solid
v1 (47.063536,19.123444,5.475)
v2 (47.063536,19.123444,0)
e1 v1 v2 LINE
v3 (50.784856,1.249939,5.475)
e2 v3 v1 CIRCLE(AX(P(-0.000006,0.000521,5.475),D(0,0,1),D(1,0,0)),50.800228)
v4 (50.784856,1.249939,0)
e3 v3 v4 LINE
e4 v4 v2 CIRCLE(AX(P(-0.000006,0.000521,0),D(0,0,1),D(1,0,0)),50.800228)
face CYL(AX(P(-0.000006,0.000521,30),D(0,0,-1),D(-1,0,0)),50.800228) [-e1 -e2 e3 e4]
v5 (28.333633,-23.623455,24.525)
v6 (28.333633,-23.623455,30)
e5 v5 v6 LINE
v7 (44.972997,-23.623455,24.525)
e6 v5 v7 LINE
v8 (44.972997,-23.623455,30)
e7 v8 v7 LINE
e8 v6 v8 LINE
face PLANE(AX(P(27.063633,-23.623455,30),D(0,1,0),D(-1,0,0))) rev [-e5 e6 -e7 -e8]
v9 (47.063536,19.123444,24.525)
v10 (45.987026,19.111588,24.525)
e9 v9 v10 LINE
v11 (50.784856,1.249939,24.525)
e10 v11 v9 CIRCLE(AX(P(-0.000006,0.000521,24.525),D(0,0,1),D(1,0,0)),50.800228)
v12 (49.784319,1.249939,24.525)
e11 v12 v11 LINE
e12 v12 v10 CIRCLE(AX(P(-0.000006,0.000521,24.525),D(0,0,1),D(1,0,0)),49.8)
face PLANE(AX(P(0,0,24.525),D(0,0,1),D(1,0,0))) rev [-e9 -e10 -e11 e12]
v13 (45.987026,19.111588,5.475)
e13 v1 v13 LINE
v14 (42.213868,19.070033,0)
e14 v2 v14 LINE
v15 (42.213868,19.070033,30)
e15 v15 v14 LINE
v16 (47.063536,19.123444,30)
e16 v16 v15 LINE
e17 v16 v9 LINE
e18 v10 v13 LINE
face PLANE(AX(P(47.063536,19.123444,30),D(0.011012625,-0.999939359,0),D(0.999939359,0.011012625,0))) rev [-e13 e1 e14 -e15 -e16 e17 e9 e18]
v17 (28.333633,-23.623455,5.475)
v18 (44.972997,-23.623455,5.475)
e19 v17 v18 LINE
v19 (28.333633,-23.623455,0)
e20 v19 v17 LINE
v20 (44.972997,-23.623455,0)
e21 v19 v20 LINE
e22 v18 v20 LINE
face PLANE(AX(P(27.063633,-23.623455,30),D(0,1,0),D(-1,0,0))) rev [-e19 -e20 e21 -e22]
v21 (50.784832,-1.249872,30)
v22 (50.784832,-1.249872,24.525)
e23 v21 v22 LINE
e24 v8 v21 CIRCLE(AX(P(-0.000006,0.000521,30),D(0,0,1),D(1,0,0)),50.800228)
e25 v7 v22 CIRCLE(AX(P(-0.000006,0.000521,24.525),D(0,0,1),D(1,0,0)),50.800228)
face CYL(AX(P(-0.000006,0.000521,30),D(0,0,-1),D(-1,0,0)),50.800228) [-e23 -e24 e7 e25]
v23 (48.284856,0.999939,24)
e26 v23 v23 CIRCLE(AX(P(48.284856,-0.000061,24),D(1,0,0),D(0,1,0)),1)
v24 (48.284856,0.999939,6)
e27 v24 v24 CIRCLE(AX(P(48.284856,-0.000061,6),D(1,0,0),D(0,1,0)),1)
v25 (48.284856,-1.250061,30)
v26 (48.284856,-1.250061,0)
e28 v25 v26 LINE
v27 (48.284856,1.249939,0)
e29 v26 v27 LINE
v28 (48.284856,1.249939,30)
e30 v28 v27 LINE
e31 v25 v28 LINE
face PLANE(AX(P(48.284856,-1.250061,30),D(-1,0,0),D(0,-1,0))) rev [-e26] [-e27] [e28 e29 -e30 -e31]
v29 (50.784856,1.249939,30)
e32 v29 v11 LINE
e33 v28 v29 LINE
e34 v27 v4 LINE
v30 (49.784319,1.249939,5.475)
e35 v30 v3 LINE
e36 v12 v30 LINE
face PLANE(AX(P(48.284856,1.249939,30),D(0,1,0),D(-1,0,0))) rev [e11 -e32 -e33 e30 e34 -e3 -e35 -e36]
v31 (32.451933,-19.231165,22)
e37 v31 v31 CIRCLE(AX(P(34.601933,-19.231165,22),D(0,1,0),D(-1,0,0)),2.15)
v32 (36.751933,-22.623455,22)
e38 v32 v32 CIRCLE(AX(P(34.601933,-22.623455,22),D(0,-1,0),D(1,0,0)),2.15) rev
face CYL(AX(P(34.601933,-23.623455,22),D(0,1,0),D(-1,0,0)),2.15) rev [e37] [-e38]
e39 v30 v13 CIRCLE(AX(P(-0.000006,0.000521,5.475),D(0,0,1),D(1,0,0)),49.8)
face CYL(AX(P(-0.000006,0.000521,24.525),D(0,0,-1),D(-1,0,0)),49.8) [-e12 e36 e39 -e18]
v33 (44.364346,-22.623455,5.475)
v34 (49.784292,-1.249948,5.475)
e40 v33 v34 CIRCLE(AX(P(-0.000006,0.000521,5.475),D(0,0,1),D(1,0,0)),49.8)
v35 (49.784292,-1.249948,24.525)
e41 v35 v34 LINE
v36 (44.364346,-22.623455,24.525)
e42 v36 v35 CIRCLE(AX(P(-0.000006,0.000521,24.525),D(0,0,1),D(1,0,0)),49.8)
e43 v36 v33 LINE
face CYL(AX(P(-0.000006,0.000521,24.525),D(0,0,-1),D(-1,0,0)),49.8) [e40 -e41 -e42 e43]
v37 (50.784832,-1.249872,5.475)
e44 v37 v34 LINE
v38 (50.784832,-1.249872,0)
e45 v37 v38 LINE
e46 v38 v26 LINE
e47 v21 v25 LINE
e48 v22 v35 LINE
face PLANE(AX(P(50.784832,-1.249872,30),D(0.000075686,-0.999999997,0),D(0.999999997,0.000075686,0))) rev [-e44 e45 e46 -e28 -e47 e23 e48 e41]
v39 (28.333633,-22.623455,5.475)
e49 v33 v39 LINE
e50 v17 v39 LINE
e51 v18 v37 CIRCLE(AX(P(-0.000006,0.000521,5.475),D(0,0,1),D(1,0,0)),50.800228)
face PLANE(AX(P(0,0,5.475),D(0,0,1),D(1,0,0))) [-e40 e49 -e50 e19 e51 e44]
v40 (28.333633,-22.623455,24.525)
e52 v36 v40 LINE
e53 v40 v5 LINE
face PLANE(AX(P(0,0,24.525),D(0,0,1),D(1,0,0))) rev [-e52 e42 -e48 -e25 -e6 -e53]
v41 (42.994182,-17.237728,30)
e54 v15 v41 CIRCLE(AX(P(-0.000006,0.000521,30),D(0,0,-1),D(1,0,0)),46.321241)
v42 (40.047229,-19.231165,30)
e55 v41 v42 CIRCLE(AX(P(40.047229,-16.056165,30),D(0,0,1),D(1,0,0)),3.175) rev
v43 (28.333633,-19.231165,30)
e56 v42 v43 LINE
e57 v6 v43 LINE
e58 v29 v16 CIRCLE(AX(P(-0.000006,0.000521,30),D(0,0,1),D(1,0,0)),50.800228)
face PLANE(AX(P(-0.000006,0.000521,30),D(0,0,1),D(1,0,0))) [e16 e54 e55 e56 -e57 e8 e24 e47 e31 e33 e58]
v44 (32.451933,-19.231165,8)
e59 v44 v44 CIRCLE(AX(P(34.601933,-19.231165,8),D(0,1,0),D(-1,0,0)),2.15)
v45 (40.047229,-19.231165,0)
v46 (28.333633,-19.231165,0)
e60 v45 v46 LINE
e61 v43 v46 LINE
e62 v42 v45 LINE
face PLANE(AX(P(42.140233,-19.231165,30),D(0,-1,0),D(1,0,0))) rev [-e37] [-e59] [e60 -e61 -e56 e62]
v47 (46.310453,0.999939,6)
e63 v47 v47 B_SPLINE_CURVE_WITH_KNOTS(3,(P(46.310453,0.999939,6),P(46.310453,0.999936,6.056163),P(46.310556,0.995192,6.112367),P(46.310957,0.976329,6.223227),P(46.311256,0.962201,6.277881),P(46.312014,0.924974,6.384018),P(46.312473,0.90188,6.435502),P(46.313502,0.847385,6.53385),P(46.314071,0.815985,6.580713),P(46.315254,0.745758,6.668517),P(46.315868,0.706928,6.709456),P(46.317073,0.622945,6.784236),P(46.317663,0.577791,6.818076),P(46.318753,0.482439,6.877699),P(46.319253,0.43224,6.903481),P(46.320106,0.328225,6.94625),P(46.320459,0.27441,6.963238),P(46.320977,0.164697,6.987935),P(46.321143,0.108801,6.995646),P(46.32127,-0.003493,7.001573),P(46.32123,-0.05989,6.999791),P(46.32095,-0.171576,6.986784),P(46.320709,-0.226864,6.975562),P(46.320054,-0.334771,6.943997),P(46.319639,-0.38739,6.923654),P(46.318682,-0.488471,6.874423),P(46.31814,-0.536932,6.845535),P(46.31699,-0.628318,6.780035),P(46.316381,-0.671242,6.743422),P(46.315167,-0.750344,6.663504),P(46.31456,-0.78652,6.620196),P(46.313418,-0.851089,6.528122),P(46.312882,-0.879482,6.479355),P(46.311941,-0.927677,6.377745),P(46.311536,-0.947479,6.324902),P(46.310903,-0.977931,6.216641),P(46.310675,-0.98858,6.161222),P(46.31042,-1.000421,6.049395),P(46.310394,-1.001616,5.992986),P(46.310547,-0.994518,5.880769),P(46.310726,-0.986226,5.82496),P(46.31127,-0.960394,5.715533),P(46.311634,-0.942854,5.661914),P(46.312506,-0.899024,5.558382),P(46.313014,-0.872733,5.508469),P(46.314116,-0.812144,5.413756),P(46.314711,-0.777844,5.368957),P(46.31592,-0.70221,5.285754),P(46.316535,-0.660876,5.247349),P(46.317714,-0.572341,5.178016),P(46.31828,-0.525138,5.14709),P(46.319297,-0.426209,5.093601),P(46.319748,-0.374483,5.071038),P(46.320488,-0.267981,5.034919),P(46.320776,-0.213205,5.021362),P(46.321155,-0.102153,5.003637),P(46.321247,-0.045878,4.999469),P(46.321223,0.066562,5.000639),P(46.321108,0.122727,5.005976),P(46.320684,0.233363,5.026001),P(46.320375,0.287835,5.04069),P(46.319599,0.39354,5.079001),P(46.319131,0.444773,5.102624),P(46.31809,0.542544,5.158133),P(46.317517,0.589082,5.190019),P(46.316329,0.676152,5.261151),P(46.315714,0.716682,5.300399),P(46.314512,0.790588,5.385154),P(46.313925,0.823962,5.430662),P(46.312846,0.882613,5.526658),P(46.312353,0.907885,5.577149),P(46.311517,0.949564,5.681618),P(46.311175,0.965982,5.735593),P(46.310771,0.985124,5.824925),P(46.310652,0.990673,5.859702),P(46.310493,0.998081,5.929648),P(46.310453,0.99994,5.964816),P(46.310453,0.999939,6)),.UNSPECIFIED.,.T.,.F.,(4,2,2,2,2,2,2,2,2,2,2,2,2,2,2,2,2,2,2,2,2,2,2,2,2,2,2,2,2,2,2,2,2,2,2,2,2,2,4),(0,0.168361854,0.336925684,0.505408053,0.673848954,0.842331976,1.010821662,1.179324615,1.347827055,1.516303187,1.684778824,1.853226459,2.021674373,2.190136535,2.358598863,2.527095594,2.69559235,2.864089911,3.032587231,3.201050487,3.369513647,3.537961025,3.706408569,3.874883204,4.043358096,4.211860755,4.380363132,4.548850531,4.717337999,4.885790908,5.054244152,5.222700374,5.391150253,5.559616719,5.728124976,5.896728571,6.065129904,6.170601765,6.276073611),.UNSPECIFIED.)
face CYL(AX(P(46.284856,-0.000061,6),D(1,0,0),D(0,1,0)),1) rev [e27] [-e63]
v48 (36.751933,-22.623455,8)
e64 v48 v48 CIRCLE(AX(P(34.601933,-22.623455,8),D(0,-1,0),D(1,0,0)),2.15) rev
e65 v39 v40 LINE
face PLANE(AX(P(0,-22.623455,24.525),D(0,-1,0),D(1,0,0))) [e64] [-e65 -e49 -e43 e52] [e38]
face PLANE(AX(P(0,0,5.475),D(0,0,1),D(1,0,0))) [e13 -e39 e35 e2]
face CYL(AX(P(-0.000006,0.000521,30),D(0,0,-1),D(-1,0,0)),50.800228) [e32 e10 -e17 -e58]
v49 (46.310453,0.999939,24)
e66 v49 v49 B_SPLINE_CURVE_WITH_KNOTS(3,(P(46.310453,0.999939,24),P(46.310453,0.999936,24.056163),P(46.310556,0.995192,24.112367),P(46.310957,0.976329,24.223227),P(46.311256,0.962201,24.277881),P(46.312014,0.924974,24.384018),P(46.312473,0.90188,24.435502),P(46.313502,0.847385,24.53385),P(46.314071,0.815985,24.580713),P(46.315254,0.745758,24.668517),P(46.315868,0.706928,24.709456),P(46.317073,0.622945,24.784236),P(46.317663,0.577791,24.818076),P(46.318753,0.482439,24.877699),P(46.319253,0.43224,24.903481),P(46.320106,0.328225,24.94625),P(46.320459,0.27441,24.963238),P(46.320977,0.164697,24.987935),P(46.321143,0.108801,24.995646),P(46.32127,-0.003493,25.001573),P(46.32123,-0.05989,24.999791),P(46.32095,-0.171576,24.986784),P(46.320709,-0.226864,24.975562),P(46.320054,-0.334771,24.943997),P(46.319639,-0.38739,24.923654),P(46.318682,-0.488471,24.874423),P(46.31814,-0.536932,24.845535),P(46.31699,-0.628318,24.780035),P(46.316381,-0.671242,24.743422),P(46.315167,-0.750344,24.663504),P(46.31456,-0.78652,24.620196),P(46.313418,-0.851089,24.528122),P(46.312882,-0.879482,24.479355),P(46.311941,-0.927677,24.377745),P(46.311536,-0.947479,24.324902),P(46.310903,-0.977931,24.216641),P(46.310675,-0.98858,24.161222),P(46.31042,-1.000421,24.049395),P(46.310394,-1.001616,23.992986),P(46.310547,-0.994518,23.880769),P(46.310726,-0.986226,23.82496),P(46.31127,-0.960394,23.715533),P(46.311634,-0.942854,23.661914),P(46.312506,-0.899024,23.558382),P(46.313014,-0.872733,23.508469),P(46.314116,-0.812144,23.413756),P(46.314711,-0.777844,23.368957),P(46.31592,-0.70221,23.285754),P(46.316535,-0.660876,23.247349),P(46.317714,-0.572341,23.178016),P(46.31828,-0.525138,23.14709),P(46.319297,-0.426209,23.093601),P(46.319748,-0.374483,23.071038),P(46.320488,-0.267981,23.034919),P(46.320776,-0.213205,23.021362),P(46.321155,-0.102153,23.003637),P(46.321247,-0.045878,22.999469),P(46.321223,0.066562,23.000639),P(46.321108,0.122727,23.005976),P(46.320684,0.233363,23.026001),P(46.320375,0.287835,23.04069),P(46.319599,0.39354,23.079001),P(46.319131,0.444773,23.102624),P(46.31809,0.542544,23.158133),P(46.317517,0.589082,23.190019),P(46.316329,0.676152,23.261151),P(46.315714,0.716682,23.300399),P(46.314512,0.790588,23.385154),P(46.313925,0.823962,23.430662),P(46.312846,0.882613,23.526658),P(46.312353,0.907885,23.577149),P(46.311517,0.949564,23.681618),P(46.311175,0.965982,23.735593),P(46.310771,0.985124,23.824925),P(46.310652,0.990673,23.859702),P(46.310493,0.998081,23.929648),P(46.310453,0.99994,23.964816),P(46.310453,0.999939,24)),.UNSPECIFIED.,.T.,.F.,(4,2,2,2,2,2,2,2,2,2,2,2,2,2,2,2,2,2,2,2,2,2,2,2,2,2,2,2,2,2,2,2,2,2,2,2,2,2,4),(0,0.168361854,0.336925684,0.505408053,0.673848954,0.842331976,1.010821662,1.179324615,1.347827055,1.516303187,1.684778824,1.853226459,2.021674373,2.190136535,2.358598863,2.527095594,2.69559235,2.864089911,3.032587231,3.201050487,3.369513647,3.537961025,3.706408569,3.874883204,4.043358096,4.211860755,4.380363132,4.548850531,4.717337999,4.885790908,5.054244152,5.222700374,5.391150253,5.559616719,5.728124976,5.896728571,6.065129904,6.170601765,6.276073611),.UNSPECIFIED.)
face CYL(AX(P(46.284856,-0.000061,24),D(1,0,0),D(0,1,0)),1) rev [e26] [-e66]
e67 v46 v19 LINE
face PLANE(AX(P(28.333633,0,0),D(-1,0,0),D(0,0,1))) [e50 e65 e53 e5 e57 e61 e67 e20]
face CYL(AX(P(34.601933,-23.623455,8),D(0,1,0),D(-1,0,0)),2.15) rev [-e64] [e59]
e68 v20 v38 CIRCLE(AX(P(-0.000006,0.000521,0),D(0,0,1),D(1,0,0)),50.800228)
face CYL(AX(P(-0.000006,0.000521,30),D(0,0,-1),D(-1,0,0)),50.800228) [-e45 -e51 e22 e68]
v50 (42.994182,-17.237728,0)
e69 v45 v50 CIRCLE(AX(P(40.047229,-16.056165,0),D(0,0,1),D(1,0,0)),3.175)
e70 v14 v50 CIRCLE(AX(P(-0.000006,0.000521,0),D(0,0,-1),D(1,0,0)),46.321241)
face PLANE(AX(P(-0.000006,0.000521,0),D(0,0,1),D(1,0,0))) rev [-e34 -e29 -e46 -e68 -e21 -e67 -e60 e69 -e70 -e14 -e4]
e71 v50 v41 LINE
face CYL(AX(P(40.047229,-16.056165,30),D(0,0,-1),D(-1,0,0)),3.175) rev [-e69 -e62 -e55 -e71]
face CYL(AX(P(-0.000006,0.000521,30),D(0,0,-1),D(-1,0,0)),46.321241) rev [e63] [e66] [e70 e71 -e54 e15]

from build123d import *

# Parameters (mm, degrees)
EXTRUSION1_DEPTH   = 30
FILLET1_R          = 3.175
SKETCH2_R          = 1
EXTRUSION8_DEPTH   = 2
SKETCH3_R          = 2.15
EXTRUSION11_DEPTH  = 71.357498555
EXTRUSION12_DEPTH  = 9.525
CUT_EXTRUDE1_DEPTH = 1.27


with BuildPart() as part:
    # Sketch1 → Extrusion1 (new body)
    with BuildSketch(Plane.XY):
        with BuildLine():
            Line((47.06353616, 19.123444108), (42.213867638, 19.070033288))
            ThreePointArc((42.213867638, 19.070033288), (46.321150196, -0.088533061), (42.140232503, -19.23116511))
            Line((42.140232503, -19.23116511), (27.063632515, -19.23116511))
            Line((27.063632515, -19.23116511), (27.063633082, -22.12345478))
            Line((27.063633082, -22.12345478), (27.063633082, -23.62345478))
            Line((27.063633082, -23.62345478), (44.972996835, -23.62345478))
            ThreePointArc((44.972996835, -23.62345478), (49.168432062, -12.771632691), (50.784831526, -1.249871881))
            Line((50.784831526, -1.249871881), (48.284855505, -1.250061095))
            Line((48.284855505, -1.250061095), (48.284855505, 1.249938905))
            Line((48.284855505, 1.249938905), (50.784855505, 1.249938905))
            ThreePointArc((50.784855505, 1.249938905), (49.733715684, 10.355236056), (47.06353616, 19.123444108))
        make_face()
    extrude(amount=EXTRUSION1_DEPTH)

    # Fillet1
    fillet1_edges = [part.edges().sort_by_distance(p)[0] for p in [
        (42.140232503, -19.23116511, 15),
    ]]
    fillet(fillet1_edges, radius=FILLET1_R)

    # Sketch2 → Extrusion8 (cut)
    with BuildSketch(Plane(origin=(48.284855505, 0, 0), x_dir=(0, 0, -1), z_dir=(1, 0, 0))):
        with Locations(Location((-24, -6.1095e-05, 0), (0, 0, 90))):
            Circle(SKETCH2_R)
        with Locations(Location((-6, -6.1095e-05, 0), (0, 0, 90))):
            Circle(SKETCH2_R)
    extrude(amount=-EXTRUSION8_DEPTH, mode=Mode.SUBTRACT)

    # Sketch3 → Extrusion11 (cut, through all)
    with BuildSketch(Plane(origin=(0, -19.23116511, 0), x_dir=(-1, 0, 0), z_dir=(0, 1, 0))):
        with Locations((-34.601932509, 8)):
            Circle(SKETCH3_R)
        with Locations((-34.601932509, 22)):
            Circle(SKETCH3_R)
    extrude(amount=-EXTRUSION11_DEPTH, mode=Mode.SUBTRACT)

    # Sketch4 → Extrusion12 (cut, symmetric)
    with BuildSketch(Plane.XY.offset(15)):
        with BuildLine():
            Line((49.784318727, 1.249938905), (50.784855505, 1.249938905))
            ThreePointArc((50.784855505, 1.249938905), (49.733715684, 10.355236056), (47.06353616, 19.123444108))
            Line((47.06353616, 19.123444108), (45.987026195, 19.111588188))
            ThreePointArc((45.987026195, 19.111588188), (48.711366707, 10.356301793), (49.784318727, 1.249938905))
        make_face()
        with BuildLine():
            ThreePointArc((44.364346419, -22.62345478), (48.272126893, -12.240444134), (49.784292363, -1.249947608))
            Line((49.784292363, -1.249947608), (50.784831526, -1.249871881))
            ThreePointArc((50.784831526, -1.249871881), (49.168432062, -12.771632691), (44.972996835, -23.62345478))
            Line((44.972996835, -23.62345478), (27.063633082, -23.62345478))
            Line((27.063633082, -23.62345478), (27.063633082, -22.62345478))
            Line((27.063633082, -22.62345478), (44.364346419, -22.62345478))
        make_face()
    extrude(amount=EXTRUSION12_DEPTH, both=True, mode=Mode.SUBTRACT)

    # Sketch5 → Cut-Extrude1 (cut)
    with BuildSketch(Plane.ZY.offset(-27.063633082)):
        Polygon((0, -19.23116511), (0, -23.62345478), (5.475, -23.62345478), (5.475, -22.62345478), (24.525, -22.62345478), (24.525, -23.62345478), (30, -23.62345478), (30, -19.23116511), align=None)
    extrude(amount=-CUT_EXTRUDE1_DEPTH, mode=Mode.SUBTRACT)


with BuildPart() as cut_extrude1_kept_piece:
    # of the separate pieces the step leaves, the one the design keeps (cut_extrude1_pieces_kept)
    add(part.part.solids().sort_by_distance((42.99418243, -17.237727528, 0))[0])


solid = cut_extrude1_kept_piece.part
